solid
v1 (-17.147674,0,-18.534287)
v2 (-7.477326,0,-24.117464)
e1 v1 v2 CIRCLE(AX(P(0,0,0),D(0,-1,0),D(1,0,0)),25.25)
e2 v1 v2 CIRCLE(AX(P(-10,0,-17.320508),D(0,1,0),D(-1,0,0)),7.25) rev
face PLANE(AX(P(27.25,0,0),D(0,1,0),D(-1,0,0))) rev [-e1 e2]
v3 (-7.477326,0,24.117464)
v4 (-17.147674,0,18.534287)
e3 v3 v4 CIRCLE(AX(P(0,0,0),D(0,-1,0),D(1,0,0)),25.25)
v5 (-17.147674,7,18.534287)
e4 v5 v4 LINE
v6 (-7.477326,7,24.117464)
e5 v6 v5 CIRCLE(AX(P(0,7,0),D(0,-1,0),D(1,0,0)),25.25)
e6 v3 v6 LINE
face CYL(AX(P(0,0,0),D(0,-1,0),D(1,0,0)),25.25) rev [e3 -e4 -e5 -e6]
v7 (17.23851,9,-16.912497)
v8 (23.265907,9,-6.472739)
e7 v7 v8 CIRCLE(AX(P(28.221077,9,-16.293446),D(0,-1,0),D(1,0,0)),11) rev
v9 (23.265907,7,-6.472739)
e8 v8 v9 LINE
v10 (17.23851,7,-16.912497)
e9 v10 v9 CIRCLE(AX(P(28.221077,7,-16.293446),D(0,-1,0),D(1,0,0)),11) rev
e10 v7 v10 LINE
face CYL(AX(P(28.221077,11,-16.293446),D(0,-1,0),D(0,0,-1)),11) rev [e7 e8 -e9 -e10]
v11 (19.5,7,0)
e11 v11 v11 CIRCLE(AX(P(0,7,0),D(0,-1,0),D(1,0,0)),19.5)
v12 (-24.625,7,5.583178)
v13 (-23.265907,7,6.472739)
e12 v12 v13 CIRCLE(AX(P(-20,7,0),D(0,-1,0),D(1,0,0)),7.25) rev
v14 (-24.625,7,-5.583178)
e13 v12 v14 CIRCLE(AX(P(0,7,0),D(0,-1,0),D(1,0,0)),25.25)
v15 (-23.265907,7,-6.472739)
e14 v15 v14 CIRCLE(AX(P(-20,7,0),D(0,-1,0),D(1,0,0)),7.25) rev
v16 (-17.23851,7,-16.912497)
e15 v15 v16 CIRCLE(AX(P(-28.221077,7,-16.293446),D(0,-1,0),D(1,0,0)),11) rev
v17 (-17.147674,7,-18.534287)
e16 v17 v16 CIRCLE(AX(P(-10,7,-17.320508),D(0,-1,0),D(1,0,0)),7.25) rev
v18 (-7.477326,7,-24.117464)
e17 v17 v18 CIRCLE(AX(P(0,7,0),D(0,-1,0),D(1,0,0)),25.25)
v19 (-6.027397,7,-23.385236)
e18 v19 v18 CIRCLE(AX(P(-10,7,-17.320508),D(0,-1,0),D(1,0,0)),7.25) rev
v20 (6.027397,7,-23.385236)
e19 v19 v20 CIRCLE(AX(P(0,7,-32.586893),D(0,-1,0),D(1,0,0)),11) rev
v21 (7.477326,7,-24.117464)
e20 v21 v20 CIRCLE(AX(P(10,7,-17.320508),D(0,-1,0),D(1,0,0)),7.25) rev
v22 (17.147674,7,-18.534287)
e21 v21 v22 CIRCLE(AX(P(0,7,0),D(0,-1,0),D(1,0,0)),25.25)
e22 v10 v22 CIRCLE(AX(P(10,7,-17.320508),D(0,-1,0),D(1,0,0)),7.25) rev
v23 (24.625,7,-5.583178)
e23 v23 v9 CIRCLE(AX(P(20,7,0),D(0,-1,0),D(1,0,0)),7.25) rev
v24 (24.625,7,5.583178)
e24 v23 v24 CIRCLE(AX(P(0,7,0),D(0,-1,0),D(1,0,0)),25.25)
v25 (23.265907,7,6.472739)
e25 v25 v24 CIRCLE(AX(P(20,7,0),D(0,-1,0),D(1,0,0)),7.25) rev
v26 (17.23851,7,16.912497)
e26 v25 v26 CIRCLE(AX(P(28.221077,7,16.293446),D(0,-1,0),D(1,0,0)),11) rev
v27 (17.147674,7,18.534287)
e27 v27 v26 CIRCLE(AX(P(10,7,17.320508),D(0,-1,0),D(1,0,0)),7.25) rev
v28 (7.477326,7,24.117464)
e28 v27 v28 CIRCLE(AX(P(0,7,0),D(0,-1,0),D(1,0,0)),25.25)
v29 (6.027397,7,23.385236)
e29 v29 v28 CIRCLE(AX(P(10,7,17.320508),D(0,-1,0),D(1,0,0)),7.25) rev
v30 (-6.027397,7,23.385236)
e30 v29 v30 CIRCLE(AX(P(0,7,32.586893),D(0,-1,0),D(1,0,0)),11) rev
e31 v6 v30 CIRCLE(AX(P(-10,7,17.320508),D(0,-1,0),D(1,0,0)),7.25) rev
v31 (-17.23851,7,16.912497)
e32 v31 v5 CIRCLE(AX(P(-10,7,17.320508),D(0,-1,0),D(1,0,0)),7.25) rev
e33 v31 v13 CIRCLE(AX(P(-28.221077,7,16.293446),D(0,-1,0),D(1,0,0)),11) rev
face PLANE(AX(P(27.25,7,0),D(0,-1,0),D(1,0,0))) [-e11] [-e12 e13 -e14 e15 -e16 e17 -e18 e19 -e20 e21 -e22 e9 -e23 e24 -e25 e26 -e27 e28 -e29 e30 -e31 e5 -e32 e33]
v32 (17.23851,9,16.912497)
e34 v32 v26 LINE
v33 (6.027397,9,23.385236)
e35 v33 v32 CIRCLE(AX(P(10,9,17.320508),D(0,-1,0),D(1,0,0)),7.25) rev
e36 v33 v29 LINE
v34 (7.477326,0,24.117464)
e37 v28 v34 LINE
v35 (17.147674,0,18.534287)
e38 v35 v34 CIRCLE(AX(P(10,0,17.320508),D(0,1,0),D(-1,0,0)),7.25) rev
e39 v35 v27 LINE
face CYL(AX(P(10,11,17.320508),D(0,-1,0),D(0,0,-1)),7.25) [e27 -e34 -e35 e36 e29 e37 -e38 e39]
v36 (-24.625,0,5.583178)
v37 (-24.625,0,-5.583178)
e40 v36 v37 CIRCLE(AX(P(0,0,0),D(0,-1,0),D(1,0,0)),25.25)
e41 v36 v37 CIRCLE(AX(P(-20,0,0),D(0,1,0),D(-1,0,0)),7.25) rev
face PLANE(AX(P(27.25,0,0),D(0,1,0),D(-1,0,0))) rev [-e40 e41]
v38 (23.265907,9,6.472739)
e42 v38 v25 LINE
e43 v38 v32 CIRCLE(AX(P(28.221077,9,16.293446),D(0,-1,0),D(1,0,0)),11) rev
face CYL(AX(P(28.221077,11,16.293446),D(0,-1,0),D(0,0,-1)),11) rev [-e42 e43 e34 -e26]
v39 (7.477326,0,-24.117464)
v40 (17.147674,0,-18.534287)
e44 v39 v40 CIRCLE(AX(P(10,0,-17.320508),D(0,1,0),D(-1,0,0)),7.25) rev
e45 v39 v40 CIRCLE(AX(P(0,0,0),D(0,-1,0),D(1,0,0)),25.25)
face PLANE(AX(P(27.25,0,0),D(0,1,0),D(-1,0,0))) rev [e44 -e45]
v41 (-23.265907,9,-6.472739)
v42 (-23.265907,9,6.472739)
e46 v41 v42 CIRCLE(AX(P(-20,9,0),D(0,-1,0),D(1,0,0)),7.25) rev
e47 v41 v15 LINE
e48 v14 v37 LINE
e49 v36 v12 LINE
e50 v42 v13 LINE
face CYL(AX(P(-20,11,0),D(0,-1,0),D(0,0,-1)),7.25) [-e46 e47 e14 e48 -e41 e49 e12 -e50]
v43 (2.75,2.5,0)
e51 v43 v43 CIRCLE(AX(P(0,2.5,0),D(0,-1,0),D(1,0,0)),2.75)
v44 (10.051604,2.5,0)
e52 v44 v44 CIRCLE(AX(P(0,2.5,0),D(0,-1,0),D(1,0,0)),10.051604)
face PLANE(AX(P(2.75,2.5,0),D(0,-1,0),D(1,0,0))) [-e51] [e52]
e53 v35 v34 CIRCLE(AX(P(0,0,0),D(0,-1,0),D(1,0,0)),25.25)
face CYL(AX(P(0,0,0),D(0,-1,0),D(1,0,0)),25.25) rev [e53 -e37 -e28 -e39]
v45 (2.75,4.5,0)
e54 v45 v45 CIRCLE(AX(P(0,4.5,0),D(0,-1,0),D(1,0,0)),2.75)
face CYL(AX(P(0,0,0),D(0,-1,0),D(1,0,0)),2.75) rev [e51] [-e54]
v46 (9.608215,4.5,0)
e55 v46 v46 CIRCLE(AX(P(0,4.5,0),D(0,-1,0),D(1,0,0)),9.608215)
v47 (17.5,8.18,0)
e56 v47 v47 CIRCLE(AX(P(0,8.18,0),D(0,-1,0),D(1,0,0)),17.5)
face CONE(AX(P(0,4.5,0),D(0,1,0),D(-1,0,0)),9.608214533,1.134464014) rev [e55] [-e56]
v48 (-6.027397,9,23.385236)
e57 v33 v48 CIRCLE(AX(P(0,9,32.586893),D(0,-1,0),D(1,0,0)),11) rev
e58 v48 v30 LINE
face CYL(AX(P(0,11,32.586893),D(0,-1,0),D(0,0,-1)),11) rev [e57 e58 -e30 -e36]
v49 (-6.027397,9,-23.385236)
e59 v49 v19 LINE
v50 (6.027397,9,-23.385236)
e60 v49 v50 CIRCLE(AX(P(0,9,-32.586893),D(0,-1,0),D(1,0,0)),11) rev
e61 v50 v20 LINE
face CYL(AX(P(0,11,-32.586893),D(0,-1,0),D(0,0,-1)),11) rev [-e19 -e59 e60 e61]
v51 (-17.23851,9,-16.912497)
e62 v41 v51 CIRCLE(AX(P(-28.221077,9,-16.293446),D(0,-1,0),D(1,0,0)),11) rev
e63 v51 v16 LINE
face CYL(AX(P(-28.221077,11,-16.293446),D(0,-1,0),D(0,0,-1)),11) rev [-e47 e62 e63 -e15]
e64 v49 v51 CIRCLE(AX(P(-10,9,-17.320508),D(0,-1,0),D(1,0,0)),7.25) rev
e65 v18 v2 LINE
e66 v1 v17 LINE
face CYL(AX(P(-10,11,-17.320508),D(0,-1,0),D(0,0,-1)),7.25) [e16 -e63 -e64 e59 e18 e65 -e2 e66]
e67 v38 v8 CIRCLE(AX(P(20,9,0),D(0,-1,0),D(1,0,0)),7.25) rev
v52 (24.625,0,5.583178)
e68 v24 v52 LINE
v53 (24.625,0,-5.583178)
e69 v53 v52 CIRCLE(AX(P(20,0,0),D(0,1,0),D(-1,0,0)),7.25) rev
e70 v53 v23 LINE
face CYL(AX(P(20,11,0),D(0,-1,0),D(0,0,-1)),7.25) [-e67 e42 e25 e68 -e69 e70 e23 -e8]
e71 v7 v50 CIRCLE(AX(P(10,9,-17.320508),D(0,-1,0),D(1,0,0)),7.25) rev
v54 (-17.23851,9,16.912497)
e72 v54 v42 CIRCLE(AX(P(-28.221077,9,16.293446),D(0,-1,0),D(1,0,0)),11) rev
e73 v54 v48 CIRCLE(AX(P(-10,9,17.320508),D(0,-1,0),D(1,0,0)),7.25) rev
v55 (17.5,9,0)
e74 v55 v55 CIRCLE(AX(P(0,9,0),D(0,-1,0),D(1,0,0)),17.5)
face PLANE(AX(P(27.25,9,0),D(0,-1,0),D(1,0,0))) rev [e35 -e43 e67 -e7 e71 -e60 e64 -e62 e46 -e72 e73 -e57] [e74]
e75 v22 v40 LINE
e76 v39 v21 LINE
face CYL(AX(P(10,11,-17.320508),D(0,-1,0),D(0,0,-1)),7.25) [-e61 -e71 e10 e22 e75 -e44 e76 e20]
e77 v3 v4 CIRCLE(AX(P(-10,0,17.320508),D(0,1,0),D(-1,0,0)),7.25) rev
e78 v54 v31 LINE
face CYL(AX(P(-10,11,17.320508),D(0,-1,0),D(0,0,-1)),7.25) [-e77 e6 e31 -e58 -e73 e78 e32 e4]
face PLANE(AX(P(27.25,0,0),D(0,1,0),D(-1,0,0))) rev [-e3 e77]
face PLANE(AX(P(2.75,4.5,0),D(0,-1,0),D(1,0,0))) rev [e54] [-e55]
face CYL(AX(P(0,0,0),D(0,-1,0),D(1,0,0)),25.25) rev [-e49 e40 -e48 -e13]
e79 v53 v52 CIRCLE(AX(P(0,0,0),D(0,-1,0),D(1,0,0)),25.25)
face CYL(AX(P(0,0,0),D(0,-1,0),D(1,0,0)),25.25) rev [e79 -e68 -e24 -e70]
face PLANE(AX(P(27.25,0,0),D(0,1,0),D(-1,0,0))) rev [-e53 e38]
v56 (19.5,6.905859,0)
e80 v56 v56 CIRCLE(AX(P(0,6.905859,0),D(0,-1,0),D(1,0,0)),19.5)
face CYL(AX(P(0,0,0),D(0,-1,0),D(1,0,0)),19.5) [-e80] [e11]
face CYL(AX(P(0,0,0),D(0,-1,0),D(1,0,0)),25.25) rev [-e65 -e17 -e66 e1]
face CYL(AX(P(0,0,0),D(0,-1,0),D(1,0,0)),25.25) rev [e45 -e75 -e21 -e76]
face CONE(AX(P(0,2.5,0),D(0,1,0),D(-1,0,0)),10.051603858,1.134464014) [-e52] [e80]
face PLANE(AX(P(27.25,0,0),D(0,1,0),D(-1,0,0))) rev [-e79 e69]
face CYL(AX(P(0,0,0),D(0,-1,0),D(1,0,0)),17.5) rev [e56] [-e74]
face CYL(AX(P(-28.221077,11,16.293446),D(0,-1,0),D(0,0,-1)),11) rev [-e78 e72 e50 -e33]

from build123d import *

# Parameters (mm, degrees)
SKETCH_7_OUTSIDE_W  = 72.02
SKETCH_7_OUTSIDE_H  = 72.02
CUT_EXTRUDE_3_DEPTH = 11


with BuildPart() as part:
    # 草图4 → 旋转-薄壁1 (revolve)
    with BuildSketch(Plane.XY):
        Polygon((2.75, 4.5), (9.608214533, 4.5), (17.5, 8.18), (17.5, 9), (27.25, 9), (27.25, 0), (25.25, 0), (25.25, 7), (19.5, 7), (19.5, 6.905859478), (10.051603858, 2.5), (2.75, 2.5), align=None)
    revolve(axis=Axis((0, 0, 0), (0, 1, 0)))

    # 草图7 outside → 切除-拉伸3 (cut)
    with BuildSketch(Plane(origin=(0, 0, 0), x_dir=(1, 0, 0), z_dir=(0, 1, 0))):
        Rectangle(SKETCH_7_OUTSIDE_W, SKETCH_7_OUTSIDE_H)
        with BuildLine():
            ThreePointArc((23.265907271, -6.472738964), (27.25, 0), (23.265907271, 6.472738964))
            ThreePointArc((23.265907271, 6.472738964), (18.694797481, 10.793446358), (17.23851001, 16.912497256))
            ThreePointArc((17.23851001, 16.912497256), (13.625, 23.599192253), (6.02739726, 23.385236221))
            ThreePointArc((6.02739726, 23.385236221), (0, 21.586892716), (-6.02739726, 23.385236221))
            ThreePointArc((-6.02739726, 23.385236221), (-13.625, 23.599192253), (-17.23851001, 16.912497256))
            ThreePointArc((-17.23851001, 16.912497256), (-18.694797481, 10.793446358), (-23.265907271, 6.472738964))
            ThreePointArc((-23.265907271, 6.472738964), (-27.25, 0), (-23.265907271, -6.472738964))
            ThreePointArc((-23.265907271, -6.472738964), (-18.694797481, -10.793446358), (-17.23851001, -16.912497256))
            ThreePointArc((-17.23851001, -16.912497256), (-13.625, -23.599192253), (-6.02739726, -23.385236221))
            ThreePointArc((-6.02739726, -23.385236221), (0, -21.586892716), (6.02739726, -23.385236221))
            ThreePointArc((6.02739726, -23.385236221), (13.625, -23.599192253), (17.23851001, -16.912497256))
            ThreePointArc((17.23851001, -16.912497256), (18.694797481, -10.793446358), (23.265907271, -6.472738964))
        make_face(mode=Mode.SUBTRACT)
    extrude(amount=CUT_EXTRUDE_3_DEPTH, mode=Mode.SUBTRACT)


solid = part.part
